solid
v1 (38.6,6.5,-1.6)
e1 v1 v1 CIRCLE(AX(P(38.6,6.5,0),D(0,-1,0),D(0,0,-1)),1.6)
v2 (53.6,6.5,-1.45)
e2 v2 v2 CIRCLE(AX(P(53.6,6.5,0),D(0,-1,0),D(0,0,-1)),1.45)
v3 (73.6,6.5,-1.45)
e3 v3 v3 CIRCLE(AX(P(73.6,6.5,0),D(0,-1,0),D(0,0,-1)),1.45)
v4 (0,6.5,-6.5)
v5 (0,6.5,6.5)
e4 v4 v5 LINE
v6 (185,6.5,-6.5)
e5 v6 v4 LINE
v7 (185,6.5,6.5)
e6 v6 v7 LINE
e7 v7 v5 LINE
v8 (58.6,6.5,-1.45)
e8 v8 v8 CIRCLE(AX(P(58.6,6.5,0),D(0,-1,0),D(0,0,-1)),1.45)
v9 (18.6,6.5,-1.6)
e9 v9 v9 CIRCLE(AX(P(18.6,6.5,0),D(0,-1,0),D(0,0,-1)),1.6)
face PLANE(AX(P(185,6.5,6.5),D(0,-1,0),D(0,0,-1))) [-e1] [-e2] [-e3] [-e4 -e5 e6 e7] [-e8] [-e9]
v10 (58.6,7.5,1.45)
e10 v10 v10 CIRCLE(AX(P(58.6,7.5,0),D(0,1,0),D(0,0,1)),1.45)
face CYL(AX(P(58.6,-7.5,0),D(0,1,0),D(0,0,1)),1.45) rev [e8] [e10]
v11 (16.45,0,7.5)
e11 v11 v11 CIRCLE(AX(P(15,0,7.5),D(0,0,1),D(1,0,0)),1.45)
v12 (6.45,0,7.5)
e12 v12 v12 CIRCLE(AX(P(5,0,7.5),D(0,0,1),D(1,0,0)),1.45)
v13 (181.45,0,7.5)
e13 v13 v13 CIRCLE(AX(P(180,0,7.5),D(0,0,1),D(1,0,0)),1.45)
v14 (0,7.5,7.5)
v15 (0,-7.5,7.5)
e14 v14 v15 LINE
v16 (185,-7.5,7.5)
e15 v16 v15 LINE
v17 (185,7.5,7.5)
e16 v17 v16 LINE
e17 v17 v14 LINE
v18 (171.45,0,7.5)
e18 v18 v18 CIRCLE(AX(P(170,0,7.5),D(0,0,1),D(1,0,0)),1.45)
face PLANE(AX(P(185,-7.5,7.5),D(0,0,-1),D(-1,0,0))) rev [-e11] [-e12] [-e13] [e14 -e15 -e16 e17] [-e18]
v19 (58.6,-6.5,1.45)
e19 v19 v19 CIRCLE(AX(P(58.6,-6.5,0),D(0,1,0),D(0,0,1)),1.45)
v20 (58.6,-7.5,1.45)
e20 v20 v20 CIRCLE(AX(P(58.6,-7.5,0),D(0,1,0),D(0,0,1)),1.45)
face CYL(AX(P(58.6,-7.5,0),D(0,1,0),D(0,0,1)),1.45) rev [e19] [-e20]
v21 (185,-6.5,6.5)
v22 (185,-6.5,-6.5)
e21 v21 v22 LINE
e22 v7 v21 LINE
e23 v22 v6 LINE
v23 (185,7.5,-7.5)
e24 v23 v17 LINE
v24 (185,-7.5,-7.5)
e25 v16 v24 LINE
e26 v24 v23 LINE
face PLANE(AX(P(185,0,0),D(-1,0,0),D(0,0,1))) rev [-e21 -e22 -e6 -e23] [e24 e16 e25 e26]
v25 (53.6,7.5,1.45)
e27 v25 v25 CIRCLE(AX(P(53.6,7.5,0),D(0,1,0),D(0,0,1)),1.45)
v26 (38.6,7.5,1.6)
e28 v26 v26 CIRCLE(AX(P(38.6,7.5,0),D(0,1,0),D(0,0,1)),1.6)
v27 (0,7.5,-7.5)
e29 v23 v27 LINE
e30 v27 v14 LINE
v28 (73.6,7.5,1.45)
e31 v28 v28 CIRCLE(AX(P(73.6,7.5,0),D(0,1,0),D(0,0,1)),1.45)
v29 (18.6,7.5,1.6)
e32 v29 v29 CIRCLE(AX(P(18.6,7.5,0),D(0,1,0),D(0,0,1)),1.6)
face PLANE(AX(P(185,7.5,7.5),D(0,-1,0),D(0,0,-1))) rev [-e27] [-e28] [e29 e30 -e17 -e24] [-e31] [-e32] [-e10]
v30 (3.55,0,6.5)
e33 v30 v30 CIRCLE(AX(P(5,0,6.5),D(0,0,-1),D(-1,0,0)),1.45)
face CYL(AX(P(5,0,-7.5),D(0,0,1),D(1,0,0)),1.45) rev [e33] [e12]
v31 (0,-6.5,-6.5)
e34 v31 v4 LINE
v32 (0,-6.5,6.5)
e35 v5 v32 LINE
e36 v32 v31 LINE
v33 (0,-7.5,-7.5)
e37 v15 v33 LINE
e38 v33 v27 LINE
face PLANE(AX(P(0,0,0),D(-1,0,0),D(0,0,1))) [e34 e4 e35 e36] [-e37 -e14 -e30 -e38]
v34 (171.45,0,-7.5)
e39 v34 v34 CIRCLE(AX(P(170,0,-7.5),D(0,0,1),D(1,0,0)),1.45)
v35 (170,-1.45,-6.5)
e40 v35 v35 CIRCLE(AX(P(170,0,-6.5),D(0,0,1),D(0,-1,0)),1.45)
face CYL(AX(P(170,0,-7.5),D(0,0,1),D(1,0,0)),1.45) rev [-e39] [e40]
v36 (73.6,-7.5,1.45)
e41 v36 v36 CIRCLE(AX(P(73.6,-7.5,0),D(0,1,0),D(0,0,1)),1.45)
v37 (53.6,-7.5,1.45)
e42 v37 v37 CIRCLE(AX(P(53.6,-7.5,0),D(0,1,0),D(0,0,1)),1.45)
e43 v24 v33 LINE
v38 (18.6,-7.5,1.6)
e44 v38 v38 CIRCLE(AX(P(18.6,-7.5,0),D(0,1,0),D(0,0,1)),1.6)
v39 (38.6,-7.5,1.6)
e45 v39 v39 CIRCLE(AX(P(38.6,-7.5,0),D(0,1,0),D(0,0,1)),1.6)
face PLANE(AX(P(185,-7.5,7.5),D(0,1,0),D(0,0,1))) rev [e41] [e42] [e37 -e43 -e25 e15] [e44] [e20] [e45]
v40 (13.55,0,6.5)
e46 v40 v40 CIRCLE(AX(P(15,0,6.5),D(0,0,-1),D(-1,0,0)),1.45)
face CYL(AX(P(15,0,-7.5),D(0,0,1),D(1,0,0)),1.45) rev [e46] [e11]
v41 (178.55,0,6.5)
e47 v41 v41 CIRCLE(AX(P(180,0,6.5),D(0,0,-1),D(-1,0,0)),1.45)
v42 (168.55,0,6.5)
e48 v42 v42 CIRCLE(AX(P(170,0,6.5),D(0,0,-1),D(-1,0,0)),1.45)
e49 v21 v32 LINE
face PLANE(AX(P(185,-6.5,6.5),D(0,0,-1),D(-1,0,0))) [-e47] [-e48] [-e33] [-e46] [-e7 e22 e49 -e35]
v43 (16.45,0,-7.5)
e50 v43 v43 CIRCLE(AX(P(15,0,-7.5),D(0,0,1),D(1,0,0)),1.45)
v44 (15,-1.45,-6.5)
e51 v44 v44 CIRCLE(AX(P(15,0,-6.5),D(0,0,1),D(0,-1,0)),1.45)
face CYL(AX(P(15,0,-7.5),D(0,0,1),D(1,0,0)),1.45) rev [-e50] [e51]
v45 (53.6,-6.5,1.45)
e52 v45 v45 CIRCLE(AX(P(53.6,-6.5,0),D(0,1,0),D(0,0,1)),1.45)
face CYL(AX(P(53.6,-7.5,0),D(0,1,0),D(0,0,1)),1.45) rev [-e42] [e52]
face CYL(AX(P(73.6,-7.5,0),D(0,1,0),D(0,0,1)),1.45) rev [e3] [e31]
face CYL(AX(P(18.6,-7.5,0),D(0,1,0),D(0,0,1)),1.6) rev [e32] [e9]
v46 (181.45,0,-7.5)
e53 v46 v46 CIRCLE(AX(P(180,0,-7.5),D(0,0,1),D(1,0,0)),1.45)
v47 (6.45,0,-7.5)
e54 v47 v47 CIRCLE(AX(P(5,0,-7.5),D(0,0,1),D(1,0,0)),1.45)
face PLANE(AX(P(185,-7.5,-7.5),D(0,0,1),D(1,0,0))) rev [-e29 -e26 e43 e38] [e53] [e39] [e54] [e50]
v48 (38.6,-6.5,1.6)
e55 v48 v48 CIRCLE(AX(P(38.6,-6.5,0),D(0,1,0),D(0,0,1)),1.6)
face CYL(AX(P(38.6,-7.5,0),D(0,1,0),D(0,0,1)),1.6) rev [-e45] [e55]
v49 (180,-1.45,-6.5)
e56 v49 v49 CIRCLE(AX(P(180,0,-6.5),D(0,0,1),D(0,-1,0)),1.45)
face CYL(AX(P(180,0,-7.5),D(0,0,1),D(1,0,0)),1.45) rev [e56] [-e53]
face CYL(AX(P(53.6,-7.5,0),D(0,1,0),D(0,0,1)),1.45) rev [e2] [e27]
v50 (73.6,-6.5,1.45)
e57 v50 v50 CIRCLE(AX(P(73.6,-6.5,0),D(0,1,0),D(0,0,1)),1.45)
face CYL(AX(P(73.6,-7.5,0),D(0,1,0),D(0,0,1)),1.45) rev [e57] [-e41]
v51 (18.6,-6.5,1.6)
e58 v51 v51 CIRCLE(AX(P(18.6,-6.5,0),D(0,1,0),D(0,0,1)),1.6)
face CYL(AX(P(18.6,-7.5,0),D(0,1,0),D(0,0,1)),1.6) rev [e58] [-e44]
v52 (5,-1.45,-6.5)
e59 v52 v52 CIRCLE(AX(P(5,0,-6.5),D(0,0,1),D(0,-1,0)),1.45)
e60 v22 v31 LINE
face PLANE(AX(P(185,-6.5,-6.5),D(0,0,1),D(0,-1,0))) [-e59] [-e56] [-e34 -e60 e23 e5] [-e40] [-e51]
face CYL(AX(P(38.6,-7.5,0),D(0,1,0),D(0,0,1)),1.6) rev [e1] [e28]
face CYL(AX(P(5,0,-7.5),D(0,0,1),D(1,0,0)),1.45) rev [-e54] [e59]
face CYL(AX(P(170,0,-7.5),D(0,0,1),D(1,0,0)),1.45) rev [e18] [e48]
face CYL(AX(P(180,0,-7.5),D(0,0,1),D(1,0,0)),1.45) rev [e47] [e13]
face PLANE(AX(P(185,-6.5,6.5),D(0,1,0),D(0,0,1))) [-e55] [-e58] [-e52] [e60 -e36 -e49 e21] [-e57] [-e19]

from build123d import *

# Parameters (mm, degrees)
SKETCH_1_W          = 15
SKETCH_1_H          = 15
SKETCH_1_W_2        = 13
SKETCH_1_H_2        = 13
EXTRUDE_1_DEPTH     = 185
SKETCH_2_R          = 1.45
CUT_EXTRUDE_1_DEPTH = 186.758579883
SKETCH_3_R          = 1.6
SKETCH_3_R_2        = 1.45
CUT_EXTRUDE_2_DEPTH = 186.758579883


with BuildPart() as part:
    # 草图1 → 凸台-拉伸1 (new body)
    with BuildSketch(Plane(origin=(0, 0, 0), x_dir=(0, 0, -1), z_dir=(1, 0, 0))):
        Rectangle(SKETCH_1_W, SKETCH_1_H)
        Rectangle(SKETCH_1_W_2, SKETCH_1_H_2, mode=Mode.SUBTRACT)
    extrude(amount=EXTRUDE_1_DEPTH)

    # 草图2 → 切除-拉伸1 (cut, through all)
    with BuildSketch(Plane.XY.offset(7.5)):
        with Locations((180, 0)):
            Circle(SKETCH_2_R)
        with Locations((170, 0)):
            Circle(SKETCH_2_R)
        with Locations((5, 0)):
            Circle(SKETCH_2_R)
        with Locations((15, 0)):
            Circle(SKETCH_2_R)
    extrude(amount=-CUT_EXTRUDE_1_DEPTH, mode=Mode.SUBTRACT)

    # 草图3 → 切除-拉伸2 (cut, through all)
    with BuildSketch(Plane(origin=(0, 7.5, 0), x_dir=(1, 0, 0), z_dir=(0, 1, 0))):
        with Locations(Location((38.6, 0, 0), (0, 0, 270))):
            Circle(SKETCH_3_R)
        with Locations(Location((18.6, 0, 0), (0, 0, 270))):
            Circle(SKETCH_3_R)
        with Locations(Location((53.6, 0, 0), (0, 0, 270))):
            Circle(SKETCH_3_R_2)
        with Locations(Location((58.6, 0, 0), (0, 0, 270))):
            Circle(SKETCH_3_R_2)
        with Locations(Location((73.6, 0, 0), (0, 0, 270))):
            Circle(SKETCH_3_R_2)
    extrude(amount=-CUT_EXTRUDE_2_DEPTH, mode=Mode.SUBTRACT)


solid = part.part
